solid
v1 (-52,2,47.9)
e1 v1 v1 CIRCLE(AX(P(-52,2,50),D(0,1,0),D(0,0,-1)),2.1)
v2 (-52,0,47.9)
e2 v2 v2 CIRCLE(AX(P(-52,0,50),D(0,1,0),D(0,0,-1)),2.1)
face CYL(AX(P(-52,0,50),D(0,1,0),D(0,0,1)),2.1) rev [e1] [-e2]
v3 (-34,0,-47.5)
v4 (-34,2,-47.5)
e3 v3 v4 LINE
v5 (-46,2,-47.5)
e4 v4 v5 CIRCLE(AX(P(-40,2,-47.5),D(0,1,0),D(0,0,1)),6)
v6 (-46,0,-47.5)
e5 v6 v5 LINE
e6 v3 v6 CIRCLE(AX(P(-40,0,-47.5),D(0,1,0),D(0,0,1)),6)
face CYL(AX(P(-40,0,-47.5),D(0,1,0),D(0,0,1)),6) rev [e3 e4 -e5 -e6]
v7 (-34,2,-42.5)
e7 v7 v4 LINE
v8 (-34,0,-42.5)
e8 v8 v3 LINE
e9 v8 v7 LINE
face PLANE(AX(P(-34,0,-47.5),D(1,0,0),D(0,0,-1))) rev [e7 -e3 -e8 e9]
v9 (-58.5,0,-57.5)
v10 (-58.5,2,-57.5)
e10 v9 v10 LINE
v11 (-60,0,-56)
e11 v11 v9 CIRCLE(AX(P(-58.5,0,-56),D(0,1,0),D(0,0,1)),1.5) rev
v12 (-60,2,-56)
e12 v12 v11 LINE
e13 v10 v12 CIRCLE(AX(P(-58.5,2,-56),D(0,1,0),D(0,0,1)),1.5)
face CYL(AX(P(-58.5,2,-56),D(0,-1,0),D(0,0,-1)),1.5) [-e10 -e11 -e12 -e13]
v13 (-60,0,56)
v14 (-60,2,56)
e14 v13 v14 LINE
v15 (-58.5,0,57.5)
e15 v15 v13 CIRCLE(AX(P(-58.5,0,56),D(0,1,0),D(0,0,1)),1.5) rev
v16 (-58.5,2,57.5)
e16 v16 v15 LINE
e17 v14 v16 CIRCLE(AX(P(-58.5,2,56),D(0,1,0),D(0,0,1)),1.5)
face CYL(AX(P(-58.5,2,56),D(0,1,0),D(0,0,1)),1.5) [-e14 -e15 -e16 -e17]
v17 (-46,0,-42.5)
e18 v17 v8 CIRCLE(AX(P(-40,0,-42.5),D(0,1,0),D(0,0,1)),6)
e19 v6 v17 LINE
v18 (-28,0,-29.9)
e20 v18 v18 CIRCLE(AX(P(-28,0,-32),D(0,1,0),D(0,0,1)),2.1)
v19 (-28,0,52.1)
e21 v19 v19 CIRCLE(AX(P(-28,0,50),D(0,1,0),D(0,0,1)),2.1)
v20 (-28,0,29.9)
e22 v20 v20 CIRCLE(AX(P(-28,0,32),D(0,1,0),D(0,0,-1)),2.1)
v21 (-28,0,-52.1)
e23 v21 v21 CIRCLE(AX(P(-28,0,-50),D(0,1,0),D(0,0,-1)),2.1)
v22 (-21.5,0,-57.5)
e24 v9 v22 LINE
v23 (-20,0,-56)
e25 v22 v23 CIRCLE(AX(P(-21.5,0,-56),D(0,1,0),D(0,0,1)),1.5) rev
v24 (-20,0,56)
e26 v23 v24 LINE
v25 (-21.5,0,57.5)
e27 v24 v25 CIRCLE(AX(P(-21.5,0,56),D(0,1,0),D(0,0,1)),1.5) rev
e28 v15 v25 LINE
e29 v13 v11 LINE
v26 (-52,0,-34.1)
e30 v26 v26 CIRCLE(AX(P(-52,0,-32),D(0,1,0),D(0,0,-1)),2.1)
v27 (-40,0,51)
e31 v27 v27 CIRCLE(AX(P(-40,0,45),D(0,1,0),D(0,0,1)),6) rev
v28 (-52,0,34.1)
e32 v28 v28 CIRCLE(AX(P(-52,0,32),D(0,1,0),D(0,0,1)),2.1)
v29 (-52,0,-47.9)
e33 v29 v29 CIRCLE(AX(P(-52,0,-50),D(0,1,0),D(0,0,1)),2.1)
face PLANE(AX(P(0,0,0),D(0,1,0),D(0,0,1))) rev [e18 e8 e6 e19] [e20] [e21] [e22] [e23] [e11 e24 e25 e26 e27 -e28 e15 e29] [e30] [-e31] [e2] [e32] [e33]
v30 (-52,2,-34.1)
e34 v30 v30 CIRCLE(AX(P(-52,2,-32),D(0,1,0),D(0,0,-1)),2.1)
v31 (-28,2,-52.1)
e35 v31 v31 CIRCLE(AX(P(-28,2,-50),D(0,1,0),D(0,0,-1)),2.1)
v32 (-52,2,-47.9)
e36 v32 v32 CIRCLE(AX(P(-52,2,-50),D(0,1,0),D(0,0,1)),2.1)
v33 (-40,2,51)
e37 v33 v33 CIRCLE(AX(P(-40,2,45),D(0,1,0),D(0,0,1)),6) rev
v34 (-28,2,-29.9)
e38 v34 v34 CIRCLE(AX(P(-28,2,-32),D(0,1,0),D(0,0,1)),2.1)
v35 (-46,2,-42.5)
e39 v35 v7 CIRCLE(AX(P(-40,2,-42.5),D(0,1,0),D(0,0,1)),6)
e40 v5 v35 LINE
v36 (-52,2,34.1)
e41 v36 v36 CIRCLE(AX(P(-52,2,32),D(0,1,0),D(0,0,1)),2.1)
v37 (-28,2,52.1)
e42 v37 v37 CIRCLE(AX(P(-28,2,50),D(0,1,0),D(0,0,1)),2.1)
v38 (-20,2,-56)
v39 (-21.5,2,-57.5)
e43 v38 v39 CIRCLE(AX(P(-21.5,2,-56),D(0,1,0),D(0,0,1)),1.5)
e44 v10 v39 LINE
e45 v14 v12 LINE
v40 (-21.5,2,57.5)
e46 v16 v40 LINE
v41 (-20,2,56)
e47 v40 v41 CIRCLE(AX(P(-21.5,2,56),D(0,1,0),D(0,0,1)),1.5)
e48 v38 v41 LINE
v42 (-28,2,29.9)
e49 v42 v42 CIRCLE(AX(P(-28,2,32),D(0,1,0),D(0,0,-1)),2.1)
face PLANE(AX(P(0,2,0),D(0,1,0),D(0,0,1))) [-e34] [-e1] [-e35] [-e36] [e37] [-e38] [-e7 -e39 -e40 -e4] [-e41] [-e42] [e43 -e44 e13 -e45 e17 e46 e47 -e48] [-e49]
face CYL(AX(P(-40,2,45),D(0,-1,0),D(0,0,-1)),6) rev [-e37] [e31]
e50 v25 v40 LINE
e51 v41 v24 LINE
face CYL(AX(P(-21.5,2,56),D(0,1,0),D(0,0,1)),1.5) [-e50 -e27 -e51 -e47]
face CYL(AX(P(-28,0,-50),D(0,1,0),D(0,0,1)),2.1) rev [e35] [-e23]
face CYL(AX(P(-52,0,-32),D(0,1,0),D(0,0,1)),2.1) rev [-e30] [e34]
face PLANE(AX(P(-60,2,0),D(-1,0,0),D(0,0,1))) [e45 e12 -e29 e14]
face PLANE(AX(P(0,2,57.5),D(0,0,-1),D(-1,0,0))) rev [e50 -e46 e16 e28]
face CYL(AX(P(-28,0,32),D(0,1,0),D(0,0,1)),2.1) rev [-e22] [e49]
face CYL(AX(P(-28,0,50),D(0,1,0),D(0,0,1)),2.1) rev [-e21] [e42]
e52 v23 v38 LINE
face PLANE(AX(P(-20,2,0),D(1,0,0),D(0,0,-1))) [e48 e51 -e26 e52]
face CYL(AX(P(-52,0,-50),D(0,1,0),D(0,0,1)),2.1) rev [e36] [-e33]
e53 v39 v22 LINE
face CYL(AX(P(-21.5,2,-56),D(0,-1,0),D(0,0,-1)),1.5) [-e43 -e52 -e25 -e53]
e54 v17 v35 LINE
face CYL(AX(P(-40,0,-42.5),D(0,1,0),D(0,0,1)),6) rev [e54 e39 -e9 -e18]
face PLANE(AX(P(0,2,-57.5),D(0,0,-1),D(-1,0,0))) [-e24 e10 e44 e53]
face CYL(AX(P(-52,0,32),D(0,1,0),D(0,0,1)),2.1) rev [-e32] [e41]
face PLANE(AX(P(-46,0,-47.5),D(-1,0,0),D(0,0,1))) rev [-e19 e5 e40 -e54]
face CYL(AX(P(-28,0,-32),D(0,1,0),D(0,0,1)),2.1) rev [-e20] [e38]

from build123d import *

# Parameters (mm, degrees)
SKETCH1_W           = 40
SKETCH1_H           = 115
SKETCH1_R           = 6
BOSS_EXTRUDE1_DEPTH = 2
SKETCH2_R           = 2.1
CUT_EXTRUDE1_DEPTH  = 84.127913483
CUT_EXTRUDE2_DEPTH  = 84.127913483
FILLET1_R           = 1.5


with BuildPart() as part:
    # Sketch1 → Boss-Extrude1 (new body)
    with BuildSketch(Plane(origin=(0, 0, 0), x_dir=(1, 0, 0), z_dir=(0, 1, 0))):
        with Locations((-40, 0)):
            Rectangle(SKETCH1_W, SKETCH1_H)
        with Locations(Location((-40, -45, 0), (0, 0, 270))):
            Circle(SKETCH1_R, mode=Mode.SUBTRACT)
        with Locations(Location((-40, 45, 0), (0, 0, 270))):
            Circle(SKETCH1_R, mode=Mode.SUBTRACT)
    extrude(amount=BOSS_EXTRUDE1_DEPTH)

    # Sketch2 → Cut-Extrude1 (cut, through all)
    with BuildSketch(Plane(origin=(0, 2, 0), x_dir=(1, 0, 0), z_dir=(0, 1, 0))):
        with Locations(Location((-52, -32, 0), (0, 0, 270))):
            Circle(SKETCH2_R)
        with Locations(Location((-28, -32, 0), (0, 0, 90))):
            Circle(SKETCH2_R)
        with Locations(Location((-28, -50, 0), (0, 0, 270))):
            Circle(SKETCH2_R)
        with Locations(Location((-52, -50, 0), (0, 0, 90))):
            Circle(SKETCH2_R)
        with Locations(Location((-28, 50, 0), (0, 0, 90))):
            Circle(SKETCH2_R)
        with Locations(Location((-52, 50, 0), (0, 0, 270))):
            Circle(SKETCH2_R)
        with Locations(Location((-52, 32, 0), (0, 0, 90))):
            Circle(SKETCH2_R)
        with Locations(Location((-28, 32, 0), (0, 0, 270))):
            Circle(SKETCH2_R)
    extrude(amount=-CUT_EXTRUDE1_DEPTH, mode=Mode.SUBTRACT)

    # Sketch3 → Cut-Extrude2 (cut, through all)
    with BuildSketch(Plane(origin=(0, 2, 0), x_dir=(1, 0, 0), z_dir=(0, 1, 0))):
        with BuildLine():
            Line((-34, 47.5), (-34, 42.5))
            ThreePointArc((-34, 42.5), (-40, 36.5), (-46, 42.5))
            Line((-46, 42.5), (-46, 47.5))
            ThreePointArc((-46, 47.5), (-40, 53.5), (-34, 47.5))
        make_face()
    extrude(amount=-CUT_EXTRUDE2_DEPTH, mode=Mode.SUBTRACT)

    # Fillet1
    fillet1_edges = [part.edges().sort_by_distance(p)[0] for p in [
        (-20, 1, 57.5),
        (-60, 1, 57.5),
        (-60, 1, -57.5),
        (-20, 1, -57.5),
    ]]
    fillet(fillet1_edges, radius=FILLET1_R)


solid = part.part
